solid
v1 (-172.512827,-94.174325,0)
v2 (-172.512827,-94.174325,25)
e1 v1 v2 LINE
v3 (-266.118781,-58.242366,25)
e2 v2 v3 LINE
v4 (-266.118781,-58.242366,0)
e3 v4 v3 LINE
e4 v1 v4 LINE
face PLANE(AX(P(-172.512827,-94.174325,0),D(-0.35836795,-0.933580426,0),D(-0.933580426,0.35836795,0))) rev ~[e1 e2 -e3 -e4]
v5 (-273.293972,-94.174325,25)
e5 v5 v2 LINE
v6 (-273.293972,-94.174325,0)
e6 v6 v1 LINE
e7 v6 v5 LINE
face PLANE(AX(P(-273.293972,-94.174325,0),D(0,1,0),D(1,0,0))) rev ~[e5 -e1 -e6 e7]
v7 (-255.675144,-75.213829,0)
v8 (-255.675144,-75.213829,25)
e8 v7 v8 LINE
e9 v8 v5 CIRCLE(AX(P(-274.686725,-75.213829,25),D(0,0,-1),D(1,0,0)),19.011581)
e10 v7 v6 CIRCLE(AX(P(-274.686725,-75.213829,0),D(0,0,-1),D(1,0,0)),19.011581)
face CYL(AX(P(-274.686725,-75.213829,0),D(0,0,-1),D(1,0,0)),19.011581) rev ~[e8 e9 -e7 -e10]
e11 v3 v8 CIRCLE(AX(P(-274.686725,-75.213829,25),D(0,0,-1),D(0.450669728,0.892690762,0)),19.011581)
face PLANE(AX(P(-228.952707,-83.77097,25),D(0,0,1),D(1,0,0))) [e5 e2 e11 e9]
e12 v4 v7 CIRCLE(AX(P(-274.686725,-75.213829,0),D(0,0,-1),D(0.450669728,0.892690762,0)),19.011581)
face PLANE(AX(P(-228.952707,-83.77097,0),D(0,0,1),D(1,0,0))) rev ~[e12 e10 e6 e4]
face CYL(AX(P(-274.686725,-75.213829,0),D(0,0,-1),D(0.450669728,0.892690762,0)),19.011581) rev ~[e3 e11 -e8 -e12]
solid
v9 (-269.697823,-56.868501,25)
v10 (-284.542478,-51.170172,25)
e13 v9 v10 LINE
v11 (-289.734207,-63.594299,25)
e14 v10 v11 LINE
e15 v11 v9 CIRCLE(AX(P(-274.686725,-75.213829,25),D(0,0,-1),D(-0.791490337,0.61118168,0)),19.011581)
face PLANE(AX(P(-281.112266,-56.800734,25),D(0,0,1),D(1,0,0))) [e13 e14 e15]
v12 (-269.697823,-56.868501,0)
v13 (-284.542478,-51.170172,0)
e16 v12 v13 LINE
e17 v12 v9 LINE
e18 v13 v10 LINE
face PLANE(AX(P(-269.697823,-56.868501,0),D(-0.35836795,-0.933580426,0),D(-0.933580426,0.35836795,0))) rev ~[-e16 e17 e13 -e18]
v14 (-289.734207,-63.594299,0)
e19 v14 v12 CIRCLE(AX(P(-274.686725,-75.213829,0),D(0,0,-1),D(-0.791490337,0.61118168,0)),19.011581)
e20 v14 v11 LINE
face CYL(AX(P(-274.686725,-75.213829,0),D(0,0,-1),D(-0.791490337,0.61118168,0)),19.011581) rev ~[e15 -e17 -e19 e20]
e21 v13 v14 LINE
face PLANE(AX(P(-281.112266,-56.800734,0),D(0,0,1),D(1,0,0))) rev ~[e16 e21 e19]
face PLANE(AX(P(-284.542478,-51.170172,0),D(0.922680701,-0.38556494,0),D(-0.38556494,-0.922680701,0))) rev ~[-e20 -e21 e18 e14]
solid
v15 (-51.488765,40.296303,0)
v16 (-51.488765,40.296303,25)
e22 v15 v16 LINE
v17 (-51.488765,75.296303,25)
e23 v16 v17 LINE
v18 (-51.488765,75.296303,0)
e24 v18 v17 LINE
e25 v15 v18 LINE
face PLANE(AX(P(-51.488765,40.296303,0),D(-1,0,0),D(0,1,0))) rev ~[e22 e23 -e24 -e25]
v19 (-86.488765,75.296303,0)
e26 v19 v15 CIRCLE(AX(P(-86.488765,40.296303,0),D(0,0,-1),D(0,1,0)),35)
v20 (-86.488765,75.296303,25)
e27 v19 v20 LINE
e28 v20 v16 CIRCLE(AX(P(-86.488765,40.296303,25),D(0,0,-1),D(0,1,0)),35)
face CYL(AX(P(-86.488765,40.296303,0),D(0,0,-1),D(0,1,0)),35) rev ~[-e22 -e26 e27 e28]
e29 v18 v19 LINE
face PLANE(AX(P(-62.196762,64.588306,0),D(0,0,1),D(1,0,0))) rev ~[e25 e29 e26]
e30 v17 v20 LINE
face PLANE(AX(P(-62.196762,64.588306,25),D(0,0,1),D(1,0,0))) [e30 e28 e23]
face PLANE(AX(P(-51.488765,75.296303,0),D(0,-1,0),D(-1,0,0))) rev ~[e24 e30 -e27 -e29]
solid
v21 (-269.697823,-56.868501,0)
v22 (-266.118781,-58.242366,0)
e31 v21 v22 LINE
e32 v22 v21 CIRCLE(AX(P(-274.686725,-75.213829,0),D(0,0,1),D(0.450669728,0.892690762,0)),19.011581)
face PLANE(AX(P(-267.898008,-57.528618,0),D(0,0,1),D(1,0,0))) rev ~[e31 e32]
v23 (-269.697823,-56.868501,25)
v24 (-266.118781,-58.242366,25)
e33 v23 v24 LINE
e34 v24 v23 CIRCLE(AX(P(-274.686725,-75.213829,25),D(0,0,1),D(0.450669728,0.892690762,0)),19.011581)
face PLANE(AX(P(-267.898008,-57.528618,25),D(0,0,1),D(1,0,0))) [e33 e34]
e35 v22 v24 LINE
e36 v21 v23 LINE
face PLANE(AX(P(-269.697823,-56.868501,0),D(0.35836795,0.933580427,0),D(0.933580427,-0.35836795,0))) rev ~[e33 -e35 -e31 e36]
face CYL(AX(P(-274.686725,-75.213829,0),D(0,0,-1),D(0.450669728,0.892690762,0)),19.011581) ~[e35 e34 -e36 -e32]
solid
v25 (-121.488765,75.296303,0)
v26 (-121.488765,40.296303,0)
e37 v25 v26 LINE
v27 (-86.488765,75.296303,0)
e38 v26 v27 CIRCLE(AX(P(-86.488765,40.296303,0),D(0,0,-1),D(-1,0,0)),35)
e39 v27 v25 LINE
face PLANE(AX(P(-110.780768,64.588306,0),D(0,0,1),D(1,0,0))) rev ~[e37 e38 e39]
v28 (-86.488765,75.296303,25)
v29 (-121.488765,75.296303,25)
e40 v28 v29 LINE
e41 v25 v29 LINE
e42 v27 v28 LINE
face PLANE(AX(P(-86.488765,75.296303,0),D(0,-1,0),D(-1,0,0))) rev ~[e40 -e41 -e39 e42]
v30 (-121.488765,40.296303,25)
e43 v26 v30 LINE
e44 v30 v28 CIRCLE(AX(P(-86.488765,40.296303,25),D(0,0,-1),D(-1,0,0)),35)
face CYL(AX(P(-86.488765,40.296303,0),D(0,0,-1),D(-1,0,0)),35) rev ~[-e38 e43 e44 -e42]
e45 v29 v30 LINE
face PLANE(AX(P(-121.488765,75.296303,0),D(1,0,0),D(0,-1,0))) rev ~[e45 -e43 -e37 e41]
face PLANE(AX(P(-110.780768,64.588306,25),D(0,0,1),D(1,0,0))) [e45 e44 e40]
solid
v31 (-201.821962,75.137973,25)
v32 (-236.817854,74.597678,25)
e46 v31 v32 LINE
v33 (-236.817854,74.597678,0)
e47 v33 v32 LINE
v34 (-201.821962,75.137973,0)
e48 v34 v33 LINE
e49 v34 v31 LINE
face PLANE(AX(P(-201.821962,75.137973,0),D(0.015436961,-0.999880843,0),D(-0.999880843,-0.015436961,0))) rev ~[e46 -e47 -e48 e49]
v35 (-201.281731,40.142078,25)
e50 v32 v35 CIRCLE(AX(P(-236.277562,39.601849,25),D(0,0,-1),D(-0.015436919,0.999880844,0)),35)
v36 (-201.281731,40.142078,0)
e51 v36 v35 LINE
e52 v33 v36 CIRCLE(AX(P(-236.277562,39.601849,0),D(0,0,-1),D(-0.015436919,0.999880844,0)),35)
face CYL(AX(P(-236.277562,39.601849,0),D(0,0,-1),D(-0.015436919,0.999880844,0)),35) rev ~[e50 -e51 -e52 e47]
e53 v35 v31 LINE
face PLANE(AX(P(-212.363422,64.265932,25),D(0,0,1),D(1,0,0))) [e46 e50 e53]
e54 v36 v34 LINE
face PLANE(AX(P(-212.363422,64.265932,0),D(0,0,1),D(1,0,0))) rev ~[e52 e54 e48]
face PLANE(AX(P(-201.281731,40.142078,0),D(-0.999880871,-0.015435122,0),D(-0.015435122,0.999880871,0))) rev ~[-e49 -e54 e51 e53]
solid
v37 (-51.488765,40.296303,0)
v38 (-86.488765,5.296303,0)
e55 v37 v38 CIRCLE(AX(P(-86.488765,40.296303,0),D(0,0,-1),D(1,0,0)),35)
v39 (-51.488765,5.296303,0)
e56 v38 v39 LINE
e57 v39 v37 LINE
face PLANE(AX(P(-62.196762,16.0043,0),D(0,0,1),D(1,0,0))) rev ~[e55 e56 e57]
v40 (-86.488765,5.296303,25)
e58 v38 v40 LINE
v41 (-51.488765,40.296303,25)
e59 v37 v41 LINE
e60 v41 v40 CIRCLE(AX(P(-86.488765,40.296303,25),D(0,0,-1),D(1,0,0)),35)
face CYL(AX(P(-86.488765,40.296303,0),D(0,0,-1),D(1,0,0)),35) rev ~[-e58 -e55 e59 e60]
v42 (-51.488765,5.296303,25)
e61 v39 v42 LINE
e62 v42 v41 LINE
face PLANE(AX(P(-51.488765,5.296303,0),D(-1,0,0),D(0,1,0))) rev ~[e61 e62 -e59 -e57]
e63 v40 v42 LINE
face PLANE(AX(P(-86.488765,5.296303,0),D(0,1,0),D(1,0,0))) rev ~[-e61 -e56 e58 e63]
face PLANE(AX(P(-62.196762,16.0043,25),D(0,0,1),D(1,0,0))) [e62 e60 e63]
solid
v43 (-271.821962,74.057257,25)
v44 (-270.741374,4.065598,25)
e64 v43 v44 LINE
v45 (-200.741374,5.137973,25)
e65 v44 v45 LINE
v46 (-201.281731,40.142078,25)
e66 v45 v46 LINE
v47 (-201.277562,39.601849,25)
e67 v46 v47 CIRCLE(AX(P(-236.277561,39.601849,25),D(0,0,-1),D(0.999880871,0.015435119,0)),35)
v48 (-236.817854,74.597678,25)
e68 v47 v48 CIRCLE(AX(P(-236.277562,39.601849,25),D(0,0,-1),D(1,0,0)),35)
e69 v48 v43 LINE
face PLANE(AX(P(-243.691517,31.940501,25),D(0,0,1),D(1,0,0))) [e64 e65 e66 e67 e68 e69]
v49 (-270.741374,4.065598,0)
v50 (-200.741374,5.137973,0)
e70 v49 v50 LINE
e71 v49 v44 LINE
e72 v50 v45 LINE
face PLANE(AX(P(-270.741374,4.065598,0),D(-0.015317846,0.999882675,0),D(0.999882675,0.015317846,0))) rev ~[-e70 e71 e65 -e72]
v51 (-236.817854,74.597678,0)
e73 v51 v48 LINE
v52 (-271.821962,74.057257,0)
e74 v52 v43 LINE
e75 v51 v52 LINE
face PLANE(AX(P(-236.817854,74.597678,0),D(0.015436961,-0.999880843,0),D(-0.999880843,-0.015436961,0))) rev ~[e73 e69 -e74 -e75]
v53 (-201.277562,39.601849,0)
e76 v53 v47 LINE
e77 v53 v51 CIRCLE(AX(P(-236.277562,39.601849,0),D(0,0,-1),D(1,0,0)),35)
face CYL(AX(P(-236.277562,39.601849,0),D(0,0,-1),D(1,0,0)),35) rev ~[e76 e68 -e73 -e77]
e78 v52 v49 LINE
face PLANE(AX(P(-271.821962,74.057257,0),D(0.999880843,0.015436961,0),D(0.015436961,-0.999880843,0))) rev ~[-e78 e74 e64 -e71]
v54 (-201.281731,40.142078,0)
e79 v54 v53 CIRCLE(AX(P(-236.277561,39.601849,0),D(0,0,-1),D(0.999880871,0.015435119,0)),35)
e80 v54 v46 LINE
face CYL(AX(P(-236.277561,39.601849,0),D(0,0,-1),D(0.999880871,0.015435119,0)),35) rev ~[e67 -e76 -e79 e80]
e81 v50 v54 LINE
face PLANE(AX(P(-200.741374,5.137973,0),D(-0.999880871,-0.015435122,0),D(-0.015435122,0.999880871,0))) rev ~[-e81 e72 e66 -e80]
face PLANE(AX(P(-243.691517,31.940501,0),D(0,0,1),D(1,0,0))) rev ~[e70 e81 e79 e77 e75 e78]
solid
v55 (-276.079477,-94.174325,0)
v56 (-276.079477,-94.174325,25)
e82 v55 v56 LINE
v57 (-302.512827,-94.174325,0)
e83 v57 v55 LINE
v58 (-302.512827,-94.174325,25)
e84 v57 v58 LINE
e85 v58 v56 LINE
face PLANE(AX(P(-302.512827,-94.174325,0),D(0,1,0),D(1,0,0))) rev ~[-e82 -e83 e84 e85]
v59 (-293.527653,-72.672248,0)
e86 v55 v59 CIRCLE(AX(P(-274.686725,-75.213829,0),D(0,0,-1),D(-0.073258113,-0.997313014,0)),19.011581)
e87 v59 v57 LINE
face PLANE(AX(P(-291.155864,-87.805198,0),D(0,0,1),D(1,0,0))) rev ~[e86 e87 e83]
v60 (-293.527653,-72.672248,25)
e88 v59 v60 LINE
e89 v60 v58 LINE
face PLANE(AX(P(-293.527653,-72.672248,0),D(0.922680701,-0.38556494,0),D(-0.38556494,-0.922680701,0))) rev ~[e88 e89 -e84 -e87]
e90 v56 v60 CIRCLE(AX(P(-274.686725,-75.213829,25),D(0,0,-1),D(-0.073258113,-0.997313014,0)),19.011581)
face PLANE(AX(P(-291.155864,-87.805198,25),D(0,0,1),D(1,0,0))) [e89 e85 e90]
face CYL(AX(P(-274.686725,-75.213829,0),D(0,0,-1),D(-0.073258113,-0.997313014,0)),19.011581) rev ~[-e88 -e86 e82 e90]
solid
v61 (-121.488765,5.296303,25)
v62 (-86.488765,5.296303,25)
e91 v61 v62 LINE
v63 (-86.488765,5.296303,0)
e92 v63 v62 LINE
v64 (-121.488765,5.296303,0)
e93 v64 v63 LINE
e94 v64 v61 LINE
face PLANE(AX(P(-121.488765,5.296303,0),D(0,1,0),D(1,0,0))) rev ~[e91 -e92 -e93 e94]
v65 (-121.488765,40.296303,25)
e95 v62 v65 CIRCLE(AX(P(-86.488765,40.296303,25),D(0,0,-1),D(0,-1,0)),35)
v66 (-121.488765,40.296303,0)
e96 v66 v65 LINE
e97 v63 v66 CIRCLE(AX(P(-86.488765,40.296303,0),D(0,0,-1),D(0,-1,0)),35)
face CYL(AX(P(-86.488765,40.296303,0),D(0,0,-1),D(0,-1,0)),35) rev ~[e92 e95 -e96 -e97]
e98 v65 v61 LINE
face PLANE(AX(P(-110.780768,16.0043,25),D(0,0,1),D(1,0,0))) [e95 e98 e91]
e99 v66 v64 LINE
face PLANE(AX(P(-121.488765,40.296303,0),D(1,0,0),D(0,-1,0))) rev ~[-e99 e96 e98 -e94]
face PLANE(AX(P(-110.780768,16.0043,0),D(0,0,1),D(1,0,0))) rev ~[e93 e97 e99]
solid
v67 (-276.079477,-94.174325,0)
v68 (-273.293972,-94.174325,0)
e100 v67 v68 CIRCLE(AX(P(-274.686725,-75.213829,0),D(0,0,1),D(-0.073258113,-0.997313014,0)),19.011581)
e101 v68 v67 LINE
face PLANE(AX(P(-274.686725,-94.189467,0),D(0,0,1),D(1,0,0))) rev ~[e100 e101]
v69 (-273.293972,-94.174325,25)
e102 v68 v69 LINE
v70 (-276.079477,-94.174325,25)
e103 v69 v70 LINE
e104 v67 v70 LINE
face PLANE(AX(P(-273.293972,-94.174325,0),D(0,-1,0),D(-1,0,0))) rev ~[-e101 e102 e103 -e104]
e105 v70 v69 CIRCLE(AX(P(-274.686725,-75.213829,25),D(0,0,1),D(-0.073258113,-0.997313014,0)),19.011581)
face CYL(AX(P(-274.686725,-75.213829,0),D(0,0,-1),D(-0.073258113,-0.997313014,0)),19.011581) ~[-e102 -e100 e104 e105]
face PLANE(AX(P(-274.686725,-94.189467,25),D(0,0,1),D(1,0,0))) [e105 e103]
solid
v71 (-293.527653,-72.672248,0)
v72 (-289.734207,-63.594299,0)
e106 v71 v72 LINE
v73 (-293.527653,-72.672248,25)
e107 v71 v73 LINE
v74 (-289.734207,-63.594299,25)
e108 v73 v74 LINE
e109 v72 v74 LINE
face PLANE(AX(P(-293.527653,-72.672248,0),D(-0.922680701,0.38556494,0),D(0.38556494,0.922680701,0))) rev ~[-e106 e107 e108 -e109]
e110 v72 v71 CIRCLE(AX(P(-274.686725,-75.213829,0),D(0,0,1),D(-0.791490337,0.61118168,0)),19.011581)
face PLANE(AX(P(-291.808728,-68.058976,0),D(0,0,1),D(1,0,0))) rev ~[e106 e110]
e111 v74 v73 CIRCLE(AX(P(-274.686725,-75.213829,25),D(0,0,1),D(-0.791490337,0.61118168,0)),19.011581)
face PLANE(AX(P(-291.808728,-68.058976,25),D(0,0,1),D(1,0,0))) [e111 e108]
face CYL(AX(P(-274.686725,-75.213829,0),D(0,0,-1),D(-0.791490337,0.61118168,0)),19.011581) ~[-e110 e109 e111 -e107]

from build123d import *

# Parameters (mm, degrees)
F1_DEPTH = 25
F3_DEPTH = 25
F5_DEPTH = 25


with BuildPart() as f1:
    # F0 (on Top) → F1 (new body)
    with BuildSketch(Plane.XY):
        with BuildLine():
            ThreePointArc((-201.2817312899, 40.1420777701), (-201.2786041813, 39.8719712405), (-201.2775617911, 39.6018486209))
            ThreePointArc((-201.2775617911, 39.6018486209), (-260.8345340642, 14.6628207173), (-236.8178539498, 74.5976781494))
            Line((-236.8178539498, 74.5976781494), (-271.8219615544, 74.057256712))
            Line((-271.8219615544, 74.057256712), (-270.7413742874, 4.0655977007))
            Line((-270.7413742874, 4.0655977007), (-200.7413742874, 5.1379727538))
            Line((-200.7413742874, 5.1379727538), (-201.2817312899, 40.1420777701))
        make_face()
    extrude(amount=F1_DEPTH)


with BuildPart() as f1b:
    # F0 (on Top) → F1, piece 2 (new body)
    with BuildSketch(Plane.XY):
        with BuildLine():
            ThreePointArc((-236.8178539498, 74.5976781494), (-211.9137950463, 64.7296593097), (-201.2817312899, 40.1420777701))
            Line((-201.2817312899, 40.1420777701), (-201.8219615544, 75.1379727538))
            Line((-201.8219615544, 75.1379727538), (-236.8178539498, 74.5976781494))
        make_face()
    extrude(amount=F1_DEPTH)


with BuildPart() as f3:
    # F2 (on Top) → F3 (new body)
    with BuildSketch(Plane.XY):
        with BuildLine():
            Line((-86.4887648821, 75.2963028755), (-121.4887648821, 75.2963028755))
            Line((-121.4887648821, 75.2963028755), (-121.4887648821, 40.2963028755))
            ThreePointArc((-121.4887648821, 40.2963028755), (-111.2375022236, 65.045040217), (-86.4887648821, 75.2963028755))
        make_face()
    extrude(amount=F3_DEPTH)


with BuildPart() as f3b:
    # F2 (on Top) → F3, piece 2 (new body)
    with BuildSketch(Plane.XY):
        with BuildLine():
            Line((-51.4887648821, 75.2963028755), (-86.4887648821, 75.2963028755))
            ThreePointArc((-86.4887648821, 75.2963028755), (-61.7400275406, 65.045040217), (-51.4887648821, 40.2963028755))
            Line((-51.4887648821, 40.2963028755), (-51.4887648821, 75.2963028755))
        make_face()
    extrude(amount=F3_DEPTH)


with BuildPart() as f3c:
    # F2 (on Top) → F3, piece 3 (new body)
    with BuildSketch(Plane.XY):
        with BuildLine():
            ThreePointArc((-51.4887648821, 40.2963028755), (-61.7400275406, 15.547565534), (-86.4887648821, 5.2963028755))
            Line((-86.4887648821, 5.2963028755), (-51.4887648821, 5.2963028755))
            Line((-51.4887648821, 5.2963028755), (-51.4887648821, 40.2963028755))
        make_face()
    extrude(amount=F3_DEPTH)


with BuildPart() as f3d:
    # F2 (on Top) → F3, piece 4 (new body)
    with BuildSketch(Plane.XY):
        with BuildLine():
            ThreePointArc((-86.4887648821, 5.2963028755), (-111.2375022236, 15.547565534), (-121.4887648821, 40.2963028755))
            Line((-121.4887648821, 40.2963028755), (-121.4887648821, 5.2963028755))
            Line((-121.4887648821, 5.2963028755), (-86.4887648821, 5.2963028755))
        make_face()
    extrude(amount=F3_DEPTH)


with BuildPart() as f5:
    # F4 (on Top) → F5 (new body)
    with BuildSketch(Plane.XY):
        with BuildLine():
            Line((-293.5276525094, -72.6722484934), (-302.5128269196, -94.1743254662))
            Line((-302.5128269196, -94.1743254662), (-276.0794770681, -94.1743254662))
            ThreePointArc((-276.0794770681, -94.1743254662), (-289.4493559169, -87.1931822681), (-293.5276525094, -72.6722484934))
        make_face()
    extrude(amount=F5_DEPTH)


with BuildPart() as f5b:
    # F4 (on Top) → F5, piece 2 (new body)
    with BuildSketch(Plane.XY):
        with BuildLine():
            Line((-273.2939720154, -94.1743254662), (-276.0794770681, -94.1743254662))
            ThreePointArc((-276.0794770681, -94.1743254662), (-274.6867245417, -94.2254093082), (-273.2939720154, -94.1743254662))
        make_face()
    extrude(amount=F5_DEPTH)


with BuildPart() as f5c:
    # F4 (on Top) → F5, piece 3 (new body)
    with BuildSketch(Plane.XY):
        with BuildLine():
            ThreePointArc((-266.1187806811, -58.2423663519), (-267.8735833865, -57.464989194), (-269.6978227858, -56.8685008081))
            Line((-269.6978227858, -56.8685008081), (-266.1187806811, -58.2423663519))
        make_face()
    extrude(amount=F5_DEPTH)


with BuildPart() as f5d:
    # F4 (on Top) → F5, piece 4 (new body)
    with BuildSketch(Plane.XY):
        with BuildLine():
            Line((-284.5424780992, -51.1701715207), (-289.7342068762, -63.594298943))
            ThreePointArc((-289.7342068762, -63.594298943), (-280.7367535459, -57.1905841183), (-269.6978227858, -56.8685008081))
            Line((-269.6978227858, -56.8685008081), (-284.5424780992, -51.1701715207))
        make_face()
    extrude(amount=F5_DEPTH)


with BuildPart() as f5e:
    # F4 (on Top) → F5, piece 5 (new body)
    with BuildSketch(Plane.XY):
        with BuildLine():
            ThreePointArc((-289.7342068762, -63.594298943), (-292.2283430592, -67.8836297746), (-293.5276525094, -72.6722484934))
            Line((-293.5276525094, -72.6722484934), (-289.7342068762, -63.594298943))
        make_face()
    extrude(amount=F5_DEPTH)


with BuildPart() as f5f:
    # F4 (on Top) → F5, piece 6 (new body)
    with BuildSketch(Plane.XY):
        with BuildLine():
            ThreePointArc((-255.6751439473, -75.2138287137), (-260.7597969624, -88.1552693174), (-273.2939720154, -94.1743254662))
            Line((-273.2939720154, -94.1743254662), (-172.5128269196, -94.1743254662))
            Line((-172.5128269196, -94.1743254662), (-266.1187806811, -58.2423663519))
            ThreePointArc((-266.1187806811, -58.2423663519), (-258.4952089868, -65.2501436158), (-255.6751439473, -75.2138287137))
        make_face()
    extrude(amount=F5_DEPTH)


solid = Compound([f1.part, f1b.part, f3.part, f3b.part, f3c.part, f3d.part, f5.part, f5b.part, f5c.part, f5d.part, f5e.part, f5f.part])
